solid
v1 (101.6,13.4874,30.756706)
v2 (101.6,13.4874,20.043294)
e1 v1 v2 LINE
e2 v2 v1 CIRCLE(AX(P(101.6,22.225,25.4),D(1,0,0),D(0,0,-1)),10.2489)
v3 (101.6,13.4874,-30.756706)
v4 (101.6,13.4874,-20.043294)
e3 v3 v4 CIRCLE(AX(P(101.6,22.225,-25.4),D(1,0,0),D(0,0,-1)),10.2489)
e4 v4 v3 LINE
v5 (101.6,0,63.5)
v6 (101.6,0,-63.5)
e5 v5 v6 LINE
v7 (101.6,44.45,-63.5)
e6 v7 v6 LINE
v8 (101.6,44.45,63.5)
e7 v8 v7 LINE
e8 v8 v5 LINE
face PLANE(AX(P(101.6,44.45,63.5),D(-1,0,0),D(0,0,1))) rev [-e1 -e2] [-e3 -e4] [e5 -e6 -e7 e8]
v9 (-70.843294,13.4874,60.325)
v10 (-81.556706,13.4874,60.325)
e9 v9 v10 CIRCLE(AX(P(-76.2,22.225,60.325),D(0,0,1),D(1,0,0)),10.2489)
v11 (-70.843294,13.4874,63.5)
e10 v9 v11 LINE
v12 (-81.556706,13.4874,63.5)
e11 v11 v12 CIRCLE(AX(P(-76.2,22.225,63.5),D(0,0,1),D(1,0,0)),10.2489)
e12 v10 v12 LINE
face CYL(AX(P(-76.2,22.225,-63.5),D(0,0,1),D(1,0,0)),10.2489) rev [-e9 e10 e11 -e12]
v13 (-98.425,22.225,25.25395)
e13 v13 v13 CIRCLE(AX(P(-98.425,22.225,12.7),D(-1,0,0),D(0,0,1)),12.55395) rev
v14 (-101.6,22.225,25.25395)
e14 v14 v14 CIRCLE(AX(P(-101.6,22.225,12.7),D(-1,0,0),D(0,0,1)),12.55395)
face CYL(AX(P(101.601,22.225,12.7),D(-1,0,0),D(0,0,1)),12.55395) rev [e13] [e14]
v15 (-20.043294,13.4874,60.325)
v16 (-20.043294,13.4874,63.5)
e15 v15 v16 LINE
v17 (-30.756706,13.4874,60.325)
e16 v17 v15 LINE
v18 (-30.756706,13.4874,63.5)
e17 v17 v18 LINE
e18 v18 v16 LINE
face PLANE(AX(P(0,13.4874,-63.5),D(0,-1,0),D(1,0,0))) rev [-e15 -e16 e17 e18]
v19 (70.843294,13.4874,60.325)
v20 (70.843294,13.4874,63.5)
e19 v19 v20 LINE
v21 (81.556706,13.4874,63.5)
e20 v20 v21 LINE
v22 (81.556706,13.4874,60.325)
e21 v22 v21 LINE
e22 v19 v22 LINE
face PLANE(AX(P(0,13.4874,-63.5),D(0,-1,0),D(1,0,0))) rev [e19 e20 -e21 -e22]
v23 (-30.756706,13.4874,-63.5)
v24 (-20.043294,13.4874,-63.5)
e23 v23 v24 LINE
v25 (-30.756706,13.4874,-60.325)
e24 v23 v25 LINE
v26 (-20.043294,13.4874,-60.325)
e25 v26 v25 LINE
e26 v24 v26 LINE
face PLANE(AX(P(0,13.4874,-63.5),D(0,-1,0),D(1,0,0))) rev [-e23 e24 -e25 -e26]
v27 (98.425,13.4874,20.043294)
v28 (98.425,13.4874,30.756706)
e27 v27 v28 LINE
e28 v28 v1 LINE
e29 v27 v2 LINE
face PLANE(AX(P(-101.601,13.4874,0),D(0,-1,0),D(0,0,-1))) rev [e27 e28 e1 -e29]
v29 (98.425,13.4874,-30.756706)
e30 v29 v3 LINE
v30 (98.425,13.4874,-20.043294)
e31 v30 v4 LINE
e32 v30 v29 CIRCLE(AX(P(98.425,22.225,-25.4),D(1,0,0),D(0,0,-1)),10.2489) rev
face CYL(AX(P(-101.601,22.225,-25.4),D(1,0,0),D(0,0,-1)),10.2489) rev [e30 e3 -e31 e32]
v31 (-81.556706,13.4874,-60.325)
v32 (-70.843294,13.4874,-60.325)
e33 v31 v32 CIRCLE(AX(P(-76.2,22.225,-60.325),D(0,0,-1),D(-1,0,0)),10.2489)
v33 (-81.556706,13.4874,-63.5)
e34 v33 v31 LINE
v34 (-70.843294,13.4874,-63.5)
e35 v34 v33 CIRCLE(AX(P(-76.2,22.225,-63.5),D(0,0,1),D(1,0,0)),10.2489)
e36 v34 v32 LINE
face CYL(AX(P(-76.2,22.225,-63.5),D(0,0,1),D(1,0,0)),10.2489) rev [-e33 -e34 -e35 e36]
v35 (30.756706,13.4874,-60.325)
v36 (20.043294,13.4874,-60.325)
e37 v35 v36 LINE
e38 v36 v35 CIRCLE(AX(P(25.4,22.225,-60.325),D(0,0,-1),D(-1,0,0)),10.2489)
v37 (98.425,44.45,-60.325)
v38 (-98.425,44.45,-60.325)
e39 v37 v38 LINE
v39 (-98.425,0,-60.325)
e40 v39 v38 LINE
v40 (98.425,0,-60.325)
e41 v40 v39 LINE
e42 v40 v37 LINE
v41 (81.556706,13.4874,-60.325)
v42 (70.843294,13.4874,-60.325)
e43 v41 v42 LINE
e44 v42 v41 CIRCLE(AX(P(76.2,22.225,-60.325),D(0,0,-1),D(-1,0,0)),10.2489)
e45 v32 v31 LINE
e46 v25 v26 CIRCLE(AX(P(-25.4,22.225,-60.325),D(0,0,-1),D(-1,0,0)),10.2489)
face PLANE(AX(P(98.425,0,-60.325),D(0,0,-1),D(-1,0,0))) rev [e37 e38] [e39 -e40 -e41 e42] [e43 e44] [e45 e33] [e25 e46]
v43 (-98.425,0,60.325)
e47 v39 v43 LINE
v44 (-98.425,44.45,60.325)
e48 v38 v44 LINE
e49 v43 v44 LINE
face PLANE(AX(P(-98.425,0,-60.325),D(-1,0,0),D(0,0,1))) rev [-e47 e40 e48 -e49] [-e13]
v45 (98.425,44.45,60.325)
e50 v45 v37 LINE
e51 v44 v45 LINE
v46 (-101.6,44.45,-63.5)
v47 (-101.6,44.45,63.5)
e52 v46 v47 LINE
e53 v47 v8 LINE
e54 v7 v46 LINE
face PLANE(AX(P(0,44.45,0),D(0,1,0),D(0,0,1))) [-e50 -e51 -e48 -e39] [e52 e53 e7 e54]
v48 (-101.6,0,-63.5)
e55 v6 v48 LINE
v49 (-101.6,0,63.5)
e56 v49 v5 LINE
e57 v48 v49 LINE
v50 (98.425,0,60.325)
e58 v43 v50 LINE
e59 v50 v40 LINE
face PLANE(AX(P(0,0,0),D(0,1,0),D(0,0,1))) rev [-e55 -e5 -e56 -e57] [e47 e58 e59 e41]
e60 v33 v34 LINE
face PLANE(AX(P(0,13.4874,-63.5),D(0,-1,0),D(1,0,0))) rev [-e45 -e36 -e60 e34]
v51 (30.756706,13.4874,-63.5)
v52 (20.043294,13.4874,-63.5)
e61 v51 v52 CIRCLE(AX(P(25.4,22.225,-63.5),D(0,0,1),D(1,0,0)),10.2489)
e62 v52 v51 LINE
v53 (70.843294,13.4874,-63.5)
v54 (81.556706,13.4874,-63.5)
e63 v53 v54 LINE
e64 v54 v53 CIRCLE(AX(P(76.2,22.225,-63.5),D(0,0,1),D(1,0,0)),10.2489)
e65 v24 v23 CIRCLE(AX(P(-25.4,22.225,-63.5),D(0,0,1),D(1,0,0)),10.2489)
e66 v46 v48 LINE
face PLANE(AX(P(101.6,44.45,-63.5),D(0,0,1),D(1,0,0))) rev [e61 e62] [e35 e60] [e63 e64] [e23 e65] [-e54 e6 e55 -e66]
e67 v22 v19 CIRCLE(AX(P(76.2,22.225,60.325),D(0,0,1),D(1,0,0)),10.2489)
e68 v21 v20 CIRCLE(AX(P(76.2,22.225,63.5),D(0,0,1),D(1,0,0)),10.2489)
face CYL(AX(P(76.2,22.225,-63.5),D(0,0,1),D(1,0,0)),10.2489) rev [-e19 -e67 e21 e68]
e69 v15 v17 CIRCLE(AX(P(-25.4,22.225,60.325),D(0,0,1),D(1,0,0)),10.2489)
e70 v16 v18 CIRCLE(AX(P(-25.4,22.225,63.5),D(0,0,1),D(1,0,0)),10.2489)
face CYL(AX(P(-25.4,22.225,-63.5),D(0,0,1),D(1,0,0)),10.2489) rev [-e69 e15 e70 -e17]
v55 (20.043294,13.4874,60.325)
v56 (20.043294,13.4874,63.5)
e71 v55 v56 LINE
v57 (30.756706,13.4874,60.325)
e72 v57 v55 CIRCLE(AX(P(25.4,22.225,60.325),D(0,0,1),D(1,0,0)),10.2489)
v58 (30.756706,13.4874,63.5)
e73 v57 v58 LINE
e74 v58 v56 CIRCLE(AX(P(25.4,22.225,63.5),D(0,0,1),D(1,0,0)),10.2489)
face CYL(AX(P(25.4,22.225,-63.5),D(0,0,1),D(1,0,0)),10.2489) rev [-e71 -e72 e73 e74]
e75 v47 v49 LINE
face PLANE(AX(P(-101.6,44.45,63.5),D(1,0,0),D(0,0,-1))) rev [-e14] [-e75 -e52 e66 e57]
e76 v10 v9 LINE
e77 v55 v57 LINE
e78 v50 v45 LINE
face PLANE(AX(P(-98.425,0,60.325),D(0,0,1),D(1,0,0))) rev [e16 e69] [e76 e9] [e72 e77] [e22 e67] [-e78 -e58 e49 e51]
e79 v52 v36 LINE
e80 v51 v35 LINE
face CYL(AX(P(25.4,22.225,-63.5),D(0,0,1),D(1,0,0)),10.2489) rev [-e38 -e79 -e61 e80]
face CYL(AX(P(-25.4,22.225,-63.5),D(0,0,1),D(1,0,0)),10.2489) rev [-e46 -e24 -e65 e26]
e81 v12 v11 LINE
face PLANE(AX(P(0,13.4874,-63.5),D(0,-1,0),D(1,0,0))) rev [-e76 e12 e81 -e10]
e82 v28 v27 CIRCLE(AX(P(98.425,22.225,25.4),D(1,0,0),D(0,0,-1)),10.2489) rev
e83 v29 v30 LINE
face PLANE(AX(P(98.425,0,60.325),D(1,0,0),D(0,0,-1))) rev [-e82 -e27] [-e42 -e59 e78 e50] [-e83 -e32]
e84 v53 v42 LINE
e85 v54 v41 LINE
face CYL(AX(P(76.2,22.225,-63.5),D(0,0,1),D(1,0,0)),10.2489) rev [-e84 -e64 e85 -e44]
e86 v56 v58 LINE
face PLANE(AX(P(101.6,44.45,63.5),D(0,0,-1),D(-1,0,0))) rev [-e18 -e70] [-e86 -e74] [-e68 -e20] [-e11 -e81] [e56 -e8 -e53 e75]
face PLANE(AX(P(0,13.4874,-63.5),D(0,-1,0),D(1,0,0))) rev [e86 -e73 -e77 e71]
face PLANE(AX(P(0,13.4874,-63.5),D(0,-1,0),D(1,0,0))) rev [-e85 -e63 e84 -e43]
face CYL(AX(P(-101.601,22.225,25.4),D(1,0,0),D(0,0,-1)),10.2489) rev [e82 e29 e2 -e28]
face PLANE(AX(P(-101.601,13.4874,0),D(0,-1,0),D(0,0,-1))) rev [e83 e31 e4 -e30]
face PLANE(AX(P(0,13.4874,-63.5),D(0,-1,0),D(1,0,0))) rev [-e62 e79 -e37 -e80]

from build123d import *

# Parameters (mm, degrees)
SKETCH1_W           = 203.2
SKETCH1_H           = 127
BOSS_EXTRUDE1_DEPTH = 44.45
SKETCH2_W           = 196.85
SKETCH2_H           = 120.65
CUT_EXTRUDE1_DEPTH  = 45.45
SKETCH4_W           = 203.2
SKETCH4_H           = 127
SKETCH4_W_2         = 196.85
SKETCH4_H_2         = 120.65
BOSS_EXTRUDE2_DEPTH = 6.35
CUT_EXTRUDE5_DEPTH  = 128
CUT_EXTRUDE6_REACH  = 205.2
CUT_EXTRUDE7_REACH  = 205.2
SKETCH13_R          = 12.55395


with BuildPart() as part:
    # Sketch1 → Boss-Extrude1 (new body)
    with BuildSketch(Plane(origin=(0, 0, 0), x_dir=(1, 0, 0), z_dir=(0, 1, 0))):
        Rectangle(SKETCH1_W, SKETCH1_H)
    extrude(amount=BOSS_EXTRUDE1_DEPTH)

    # Sketch2 → Cut-Extrude1 (cut, through all)
    with BuildSketch(Plane(origin=(0, 44.45, 0), x_dir=(1, 0, 0), z_dir=(0, 1, 0))):
        Rectangle(SKETCH2_W, SKETCH2_H)
    extrude(amount=-CUT_EXTRUDE1_DEPTH, mode=Mode.SUBTRACT)

    # Sketch4 → Boss-Extrude2 (add)
    with BuildSketch(Plane(origin=(0, 44.45, 0), x_dir=(1, 0, 0), z_dir=(0, 1, 0))):
        Rectangle(SKETCH4_W, SKETCH4_H)
        Rectangle(SKETCH4_W_2, SKETCH4_H_2, mode=Mode.SUBTRACT)
    extrude(amount=-BOSS_EXTRUDE2_DEPTH)

    # Sketch10 → Cut-Extrude5 (cut, through all)
    with BuildSketch(Plane.XY.offset(63.5)):
        with BuildLine():
            ThreePointArc((-65.9511, 22.225), (-81.206975571, 31.167602912), (-81.556705839, 13.4874))
            Line((-81.556705839, 13.4874), (-70.843294161, 13.4874))
            ThreePointArc((-70.843294161, 13.4874), (-67.257397088, 17.218024429), (-65.9511, 22.225))
        make_face()
        with BuildLine():
            ThreePointArc((-15.1511, 22.225), (-30.406975571, 31.167602912), (-30.756705839, 13.4874))
            Line((-30.756705839, 13.4874), (-20.043294161, 13.4874))
            ThreePointArc((-20.043294161, 13.4874), (-16.457397088, 17.218024429), (-15.1511, 22.225))
        make_face()
        with BuildLine():
            ThreePointArc((35.6489, 22.225), (20.393024429, 31.167602912), (20.043294161, 13.4874))
            Line((20.043294161, 13.4874), (30.756705839, 13.4874))
            ThreePointArc((30.756705839, 13.4874), (34.342602912, 17.218024429), (35.6489, 22.225))
        make_face()
        with BuildLine():
            Line((70.843294161, 13.4874), (81.556705839, 13.4874))
            ThreePointArc((81.556705839, 13.4874), (85.142602912, 17.218024429), (86.4489, 22.225))
            ThreePointArc((86.4489, 22.225), (71.193024429, 31.167602912), (70.843294161, 13.4874))
        make_face()
    extrude(amount=-CUT_EXTRUDE5_DEPTH, mode=Mode.SUBTRACT)

    # Sketch12 → Cut-Extrude6 (cut, up to next)
    with BuildSketch(Plane(origin=(101.6, 0, 0), x_dir=(0, 0, -1), z_dir=(1, 0, 0)), mode=Mode.PRIVATE) as cut_extrude6_sk1:
        with BuildLine():
            ThreePointArc((-20.043294161, 13.4874), (-25.4, 32.4739), (-30.756705839, 13.4874))
            Line((-30.756705839, 13.4874), (-20.043294161, 13.4874))
        make_face()
    cut_extrude6_tool1 = extrude(cut_extrude6_sk1.sketch, amount=-CUT_EXTRUDE6_REACH, mode=Mode.PRIVATE) & part.part
    add(cut_extrude6_tool1.solids().sort_by_distance((101.6, 22.546198, 25.4))[0], mode=Mode.SUBTRACT)
    # Sketch12 → Cut-Extrude6 (cut, up to next)
    with BuildSketch(Plane(origin=(101.6, 0, 0), x_dir=(0, 0, -1), z_dir=(1, 0, 0)), mode=Mode.PRIVATE) as cut_extrude6_sk2:
        with BuildLine():
            ThreePointArc((30.756705839, 13.4874), (25.4, 32.4739), (20.043294161, 13.4874))
            Line((20.043294161, 13.4874), (30.756705839, 13.4874))
        make_face()
    cut_extrude6_tool2 = extrude(cut_extrude6_sk2.sketch, amount=-CUT_EXTRUDE6_REACH, mode=Mode.PRIVATE) & part.part
    add(cut_extrude6_tool2.solids().sort_by_distance((101.6, 22.546198, -25.4))[0], mode=Mode.SUBTRACT)

    # Sketch13 → Cut-Extrude7 (cut, up to next)
    with BuildSketch(Plane.ZY.offset(101.6), mode=Mode.PRIVATE) as cut_extrude7_sk1:
        with Locations((12.7, 22.225)):
            Circle(SKETCH13_R)
    cut_extrude7_tool1 = extrude(cut_extrude7_sk1.sketch, amount=-CUT_EXTRUDE7_REACH, mode=Mode.PRIVATE) & part.part
    add(cut_extrude7_tool1.solids().sort_by_distance((-101.6, 22.225, 12.7))[0], mode=Mode.SUBTRACT)


solid = part.part
